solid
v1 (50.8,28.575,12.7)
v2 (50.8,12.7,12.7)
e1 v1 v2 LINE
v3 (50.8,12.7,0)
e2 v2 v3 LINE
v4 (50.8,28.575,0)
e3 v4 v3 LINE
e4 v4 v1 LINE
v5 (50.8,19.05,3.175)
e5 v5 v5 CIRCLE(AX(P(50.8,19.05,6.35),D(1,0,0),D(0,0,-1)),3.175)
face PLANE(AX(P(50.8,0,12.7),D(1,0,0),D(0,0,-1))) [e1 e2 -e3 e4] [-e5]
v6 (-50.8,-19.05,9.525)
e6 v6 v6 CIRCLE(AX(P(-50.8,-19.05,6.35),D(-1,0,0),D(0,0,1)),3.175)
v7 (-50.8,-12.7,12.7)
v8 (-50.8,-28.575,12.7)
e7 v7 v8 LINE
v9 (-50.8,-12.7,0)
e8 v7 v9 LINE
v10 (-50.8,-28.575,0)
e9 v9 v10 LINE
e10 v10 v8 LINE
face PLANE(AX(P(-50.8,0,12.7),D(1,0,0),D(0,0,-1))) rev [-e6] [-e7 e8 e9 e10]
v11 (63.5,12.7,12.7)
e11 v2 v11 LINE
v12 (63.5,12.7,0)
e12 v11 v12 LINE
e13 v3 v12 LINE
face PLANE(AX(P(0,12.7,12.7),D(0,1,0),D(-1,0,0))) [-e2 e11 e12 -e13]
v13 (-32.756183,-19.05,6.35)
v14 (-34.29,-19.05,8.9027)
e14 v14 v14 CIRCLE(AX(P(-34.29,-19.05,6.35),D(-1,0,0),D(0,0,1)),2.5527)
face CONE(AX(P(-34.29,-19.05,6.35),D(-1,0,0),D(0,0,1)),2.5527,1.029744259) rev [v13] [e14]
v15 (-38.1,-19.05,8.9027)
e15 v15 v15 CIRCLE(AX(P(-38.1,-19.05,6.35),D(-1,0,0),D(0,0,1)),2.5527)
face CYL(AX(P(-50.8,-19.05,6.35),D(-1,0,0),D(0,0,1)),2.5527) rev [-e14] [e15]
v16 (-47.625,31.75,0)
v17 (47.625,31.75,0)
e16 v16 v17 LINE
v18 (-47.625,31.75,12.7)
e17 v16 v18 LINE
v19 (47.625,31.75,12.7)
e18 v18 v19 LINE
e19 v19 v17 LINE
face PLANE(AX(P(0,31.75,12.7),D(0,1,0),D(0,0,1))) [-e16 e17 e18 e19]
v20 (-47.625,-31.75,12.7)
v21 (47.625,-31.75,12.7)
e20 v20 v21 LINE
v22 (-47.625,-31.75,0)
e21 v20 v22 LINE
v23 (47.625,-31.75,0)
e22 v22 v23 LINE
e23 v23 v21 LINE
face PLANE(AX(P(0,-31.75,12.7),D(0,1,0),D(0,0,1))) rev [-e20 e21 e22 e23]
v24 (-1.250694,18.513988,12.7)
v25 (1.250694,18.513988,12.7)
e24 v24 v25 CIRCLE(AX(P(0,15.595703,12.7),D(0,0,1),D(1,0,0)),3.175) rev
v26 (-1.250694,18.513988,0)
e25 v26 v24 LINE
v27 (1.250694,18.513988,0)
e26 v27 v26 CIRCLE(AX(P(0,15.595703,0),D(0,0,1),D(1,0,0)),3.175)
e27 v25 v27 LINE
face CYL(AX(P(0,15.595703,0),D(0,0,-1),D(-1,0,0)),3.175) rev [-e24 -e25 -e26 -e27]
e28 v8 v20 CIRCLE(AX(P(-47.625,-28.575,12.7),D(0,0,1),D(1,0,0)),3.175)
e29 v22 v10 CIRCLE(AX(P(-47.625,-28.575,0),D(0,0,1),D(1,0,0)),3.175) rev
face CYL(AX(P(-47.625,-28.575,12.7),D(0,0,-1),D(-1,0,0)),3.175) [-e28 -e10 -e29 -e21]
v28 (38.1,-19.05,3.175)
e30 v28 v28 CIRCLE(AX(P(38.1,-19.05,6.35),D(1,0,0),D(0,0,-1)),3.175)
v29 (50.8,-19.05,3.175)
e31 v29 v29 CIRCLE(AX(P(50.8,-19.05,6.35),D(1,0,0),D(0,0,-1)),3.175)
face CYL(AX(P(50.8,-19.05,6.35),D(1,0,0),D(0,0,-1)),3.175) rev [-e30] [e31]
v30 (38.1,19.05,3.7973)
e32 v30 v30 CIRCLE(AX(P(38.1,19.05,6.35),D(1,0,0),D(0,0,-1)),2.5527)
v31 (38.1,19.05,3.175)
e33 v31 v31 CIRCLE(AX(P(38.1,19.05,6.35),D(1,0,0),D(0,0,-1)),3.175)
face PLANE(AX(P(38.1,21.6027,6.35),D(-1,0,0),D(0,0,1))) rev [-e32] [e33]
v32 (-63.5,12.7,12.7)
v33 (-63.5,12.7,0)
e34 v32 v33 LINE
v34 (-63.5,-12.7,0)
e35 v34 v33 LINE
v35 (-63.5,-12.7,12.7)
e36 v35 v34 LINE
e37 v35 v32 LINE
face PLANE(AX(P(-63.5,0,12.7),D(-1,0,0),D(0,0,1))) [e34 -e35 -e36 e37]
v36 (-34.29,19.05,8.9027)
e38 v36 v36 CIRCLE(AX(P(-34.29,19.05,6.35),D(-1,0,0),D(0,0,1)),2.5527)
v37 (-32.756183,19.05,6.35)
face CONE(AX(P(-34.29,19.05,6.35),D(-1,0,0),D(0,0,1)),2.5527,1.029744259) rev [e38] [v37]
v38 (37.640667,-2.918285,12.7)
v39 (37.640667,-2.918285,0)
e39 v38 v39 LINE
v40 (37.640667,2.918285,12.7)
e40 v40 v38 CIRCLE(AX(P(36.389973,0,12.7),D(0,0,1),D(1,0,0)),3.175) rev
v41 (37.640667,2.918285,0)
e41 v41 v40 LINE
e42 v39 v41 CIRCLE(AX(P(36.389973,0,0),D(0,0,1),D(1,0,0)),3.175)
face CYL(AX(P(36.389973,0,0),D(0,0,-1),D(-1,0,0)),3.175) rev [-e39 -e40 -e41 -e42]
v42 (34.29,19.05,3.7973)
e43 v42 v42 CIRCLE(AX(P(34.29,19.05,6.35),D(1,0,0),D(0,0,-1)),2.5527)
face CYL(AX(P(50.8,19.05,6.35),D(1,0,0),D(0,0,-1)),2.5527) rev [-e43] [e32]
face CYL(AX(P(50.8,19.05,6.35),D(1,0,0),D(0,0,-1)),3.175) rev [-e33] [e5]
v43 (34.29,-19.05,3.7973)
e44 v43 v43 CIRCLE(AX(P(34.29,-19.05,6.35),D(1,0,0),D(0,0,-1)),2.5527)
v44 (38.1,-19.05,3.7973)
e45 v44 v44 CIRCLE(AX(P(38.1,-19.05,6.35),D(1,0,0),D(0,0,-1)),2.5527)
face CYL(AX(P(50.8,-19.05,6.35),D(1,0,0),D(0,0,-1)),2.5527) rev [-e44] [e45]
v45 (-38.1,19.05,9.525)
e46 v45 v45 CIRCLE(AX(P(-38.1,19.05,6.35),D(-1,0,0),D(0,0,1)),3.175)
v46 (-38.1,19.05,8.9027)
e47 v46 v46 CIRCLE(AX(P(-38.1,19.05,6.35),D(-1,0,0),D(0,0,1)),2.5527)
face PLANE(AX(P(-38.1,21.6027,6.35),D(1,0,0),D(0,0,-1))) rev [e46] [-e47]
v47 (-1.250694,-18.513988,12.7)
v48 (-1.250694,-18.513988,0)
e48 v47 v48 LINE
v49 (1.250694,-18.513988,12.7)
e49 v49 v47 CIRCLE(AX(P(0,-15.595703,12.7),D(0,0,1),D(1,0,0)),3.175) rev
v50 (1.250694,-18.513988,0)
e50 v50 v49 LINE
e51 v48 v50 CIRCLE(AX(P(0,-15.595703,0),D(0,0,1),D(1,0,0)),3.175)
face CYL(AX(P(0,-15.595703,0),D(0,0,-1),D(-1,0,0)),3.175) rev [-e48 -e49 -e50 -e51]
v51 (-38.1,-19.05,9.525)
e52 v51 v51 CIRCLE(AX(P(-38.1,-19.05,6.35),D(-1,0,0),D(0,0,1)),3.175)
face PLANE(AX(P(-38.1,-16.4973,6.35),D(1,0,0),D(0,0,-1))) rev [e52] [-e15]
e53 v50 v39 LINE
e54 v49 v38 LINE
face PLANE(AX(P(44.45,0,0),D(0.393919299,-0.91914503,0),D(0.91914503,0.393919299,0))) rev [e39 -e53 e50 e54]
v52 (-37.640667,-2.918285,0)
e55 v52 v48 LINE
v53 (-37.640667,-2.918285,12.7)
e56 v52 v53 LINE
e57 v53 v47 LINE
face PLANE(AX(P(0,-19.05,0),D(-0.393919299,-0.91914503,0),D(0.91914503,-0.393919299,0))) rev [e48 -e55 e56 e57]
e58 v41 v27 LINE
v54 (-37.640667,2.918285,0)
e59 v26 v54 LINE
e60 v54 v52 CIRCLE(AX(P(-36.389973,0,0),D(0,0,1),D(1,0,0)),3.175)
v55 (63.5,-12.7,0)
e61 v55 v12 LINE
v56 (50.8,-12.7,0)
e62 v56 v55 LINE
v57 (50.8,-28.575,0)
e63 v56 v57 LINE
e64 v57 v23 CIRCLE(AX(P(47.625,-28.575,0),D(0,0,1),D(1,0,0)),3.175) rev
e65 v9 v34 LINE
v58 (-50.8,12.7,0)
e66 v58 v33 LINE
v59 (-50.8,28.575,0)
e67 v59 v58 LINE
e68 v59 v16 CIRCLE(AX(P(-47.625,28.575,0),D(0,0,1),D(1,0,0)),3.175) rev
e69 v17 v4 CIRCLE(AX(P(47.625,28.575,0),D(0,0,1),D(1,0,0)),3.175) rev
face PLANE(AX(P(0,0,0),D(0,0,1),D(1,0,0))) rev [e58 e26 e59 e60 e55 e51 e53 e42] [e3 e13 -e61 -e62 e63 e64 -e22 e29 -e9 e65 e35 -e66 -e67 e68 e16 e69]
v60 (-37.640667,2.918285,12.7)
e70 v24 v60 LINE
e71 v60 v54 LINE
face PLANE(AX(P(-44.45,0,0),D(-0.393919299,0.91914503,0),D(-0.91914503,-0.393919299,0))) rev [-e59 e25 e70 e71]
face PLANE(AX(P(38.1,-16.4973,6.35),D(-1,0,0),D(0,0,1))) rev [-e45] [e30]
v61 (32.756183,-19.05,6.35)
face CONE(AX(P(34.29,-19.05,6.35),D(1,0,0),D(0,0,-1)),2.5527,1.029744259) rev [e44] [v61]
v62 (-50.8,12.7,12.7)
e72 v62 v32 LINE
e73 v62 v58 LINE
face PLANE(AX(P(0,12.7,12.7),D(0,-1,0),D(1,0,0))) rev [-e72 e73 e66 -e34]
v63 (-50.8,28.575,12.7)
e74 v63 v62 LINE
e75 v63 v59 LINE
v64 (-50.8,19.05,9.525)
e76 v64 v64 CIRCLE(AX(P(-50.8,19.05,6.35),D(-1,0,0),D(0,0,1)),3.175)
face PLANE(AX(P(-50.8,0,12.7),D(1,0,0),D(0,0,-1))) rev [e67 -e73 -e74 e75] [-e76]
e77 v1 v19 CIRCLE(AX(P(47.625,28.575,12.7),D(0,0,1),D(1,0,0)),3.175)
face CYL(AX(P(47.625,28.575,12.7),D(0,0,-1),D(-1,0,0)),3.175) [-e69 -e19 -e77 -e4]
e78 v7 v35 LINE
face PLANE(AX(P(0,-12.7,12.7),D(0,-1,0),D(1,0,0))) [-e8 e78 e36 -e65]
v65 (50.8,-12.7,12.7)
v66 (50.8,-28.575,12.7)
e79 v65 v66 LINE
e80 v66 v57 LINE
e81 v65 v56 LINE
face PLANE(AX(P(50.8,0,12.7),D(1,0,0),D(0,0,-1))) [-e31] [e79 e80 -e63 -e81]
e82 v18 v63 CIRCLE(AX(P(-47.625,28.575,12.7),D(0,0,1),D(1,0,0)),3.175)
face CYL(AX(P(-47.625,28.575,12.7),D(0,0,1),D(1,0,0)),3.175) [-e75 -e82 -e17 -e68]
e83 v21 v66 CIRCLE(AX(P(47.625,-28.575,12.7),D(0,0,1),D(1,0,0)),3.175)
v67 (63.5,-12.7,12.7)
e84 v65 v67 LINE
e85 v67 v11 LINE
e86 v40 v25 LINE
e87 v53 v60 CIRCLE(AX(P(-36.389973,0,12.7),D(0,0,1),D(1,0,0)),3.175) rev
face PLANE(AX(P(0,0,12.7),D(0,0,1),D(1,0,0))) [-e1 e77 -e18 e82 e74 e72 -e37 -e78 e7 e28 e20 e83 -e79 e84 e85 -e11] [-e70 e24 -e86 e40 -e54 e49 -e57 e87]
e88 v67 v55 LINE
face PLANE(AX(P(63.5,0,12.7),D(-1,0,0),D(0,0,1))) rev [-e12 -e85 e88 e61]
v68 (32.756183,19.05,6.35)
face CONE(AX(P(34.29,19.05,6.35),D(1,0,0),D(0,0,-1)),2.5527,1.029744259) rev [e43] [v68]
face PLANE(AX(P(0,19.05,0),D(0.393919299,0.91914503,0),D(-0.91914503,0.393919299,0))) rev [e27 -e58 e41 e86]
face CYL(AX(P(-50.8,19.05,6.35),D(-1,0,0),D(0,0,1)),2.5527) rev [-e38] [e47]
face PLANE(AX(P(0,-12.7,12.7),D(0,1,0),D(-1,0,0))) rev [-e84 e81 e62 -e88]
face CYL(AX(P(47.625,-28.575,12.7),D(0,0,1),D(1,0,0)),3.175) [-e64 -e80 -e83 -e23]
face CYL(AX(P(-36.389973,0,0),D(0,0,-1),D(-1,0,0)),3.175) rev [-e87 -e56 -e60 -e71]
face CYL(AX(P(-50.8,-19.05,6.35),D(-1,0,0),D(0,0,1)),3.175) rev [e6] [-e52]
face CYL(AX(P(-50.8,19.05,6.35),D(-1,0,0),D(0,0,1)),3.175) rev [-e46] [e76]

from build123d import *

# Parameters (mm, degrees)
SKETCH1_W                        = 12.7
SKETCH1_H                        = 25.4
SKETCH1_W_2                      = 101.6
SKETCH1_H_2                      = 63.5
BOSS_EXTRUDE1_DEPTH              = 12.7
F_1_4_20_TAPPED_HOLE1_AT_2_COUNT = 2
F_1_4_20_TAPPED_HOLE1_AT_2_PITCH = 38.1
CUT_EXTRUDE1_DEPTH               = 13.7
FILLET1_R                        = 3.175
FILLET2_R                        = 3.175


with BuildPart() as part:
    # Sketch1 → Boss-Extrude1 (new body)
    with BuildSketch(Plane.XY):
        with Locations((-57.15, 0)):
            Rectangle(SKETCH1_W, SKETCH1_H)
        Rectangle(SKETCH1_W_2, SKETCH1_H_2)
        with Locations((57.15, 0)):
            Rectangle(SKETCH1_W, SKETCH1_H)
    extrude(amount=BOSS_EXTRUDE1_DEPTH)

    # Sketch2 → 1/4-20 Tapped Hole1 (revolve, cut)
    with BuildSketch(Plane(origin=(50.8, 19.05, 6.35), x_dir=(0, 0, -1), z_dir=(0, 1, 0))):
        Polygon((0, 0), (0, 18.043816902), (2.5527, 16.51), (2.5527, 12.7), (3.175, 12.7), (3.175, 0), align=None)
    f_1_4_20_tapped_hole1 = revolve(axis=Axis((57.15, 19.05, 6.35), (-1, 0, 0)), mode=Mode.SUBTRACT)

    # 1/4-20 Tapped Hole1 at 2: 1/4-20 Tapped Hole1 ×2
    with Locations(*[(0, -i * F_1_4_20_TAPPED_HOLE1_AT_2_PITCH, 0) for i in range(1, F_1_4_20_TAPPED_HOLE1_AT_2_COUNT)]):
        add(f_1_4_20_tapped_hole1, mode=Mode.SUBTRACT)

    # Mirror1: 1/4-20 Tapped Hole1 across plane
    add(f_1_4_20_tapped_hole1.mirror(Plane(origin=(0, 0, 0), x_dir=(0, 0, 1), z_dir=(1, 0, 0))), mode=Mode.SUBTRACT)

    # Mirror1 copy 1 sketch → Mirror1 copy 1 (revolve, cut)
    with BuildSketch(Plane(origin=(-50.8, -19.05, 6.35), x_dir=(0, 0, -1), z_dir=(0, 1, 0))):
        Polygon((0, 0), (0, -18.043816902), (2.5527, -16.51), (2.5527, -12.7), (3.175, -12.7), (3.175, 0), align=None)
    revolve(axis=Axis((-57.15, -19.05, 6.35), (-1, 0, 0)), mode=Mode.SUBTRACT)

    # Sketch4 → Cut-Extrude1 (cut, through all)
    with BuildSketch(Plane.XY.offset(12.7)):
        Polygon((-44.45, 0), (0, 19.05), (44.45, 0), (0, -19.05), align=None)
    extrude(amount=-CUT_EXTRUDE1_DEPTH, mode=Mode.SUBTRACT)

    # Fillet1
    fillet1_edges = [part.edges().sort_by_distance(p)[0] for p in [
        (0, 19.05, 6.35),
        (44.45, 0, 6.35),
        (0, -19.05, 6.35),
        (-44.45, 0, 6.35),
    ]]
    fillet(fillet1_edges, radius=FILLET1_R)

    # Fillet2
    fillet2_edges = [part.edges().sort_by_distance(p)[0] for p in [
        (-50.8, 31.75, 6.35),
        (50.8, 31.75, 6.35),
        (50.8, -31.75, 6.35),
        (-50.8, -31.75, 6.35),
    ]]
    fillet(fillet2_edges, radius=FILLET2_R)


solid = part.part
